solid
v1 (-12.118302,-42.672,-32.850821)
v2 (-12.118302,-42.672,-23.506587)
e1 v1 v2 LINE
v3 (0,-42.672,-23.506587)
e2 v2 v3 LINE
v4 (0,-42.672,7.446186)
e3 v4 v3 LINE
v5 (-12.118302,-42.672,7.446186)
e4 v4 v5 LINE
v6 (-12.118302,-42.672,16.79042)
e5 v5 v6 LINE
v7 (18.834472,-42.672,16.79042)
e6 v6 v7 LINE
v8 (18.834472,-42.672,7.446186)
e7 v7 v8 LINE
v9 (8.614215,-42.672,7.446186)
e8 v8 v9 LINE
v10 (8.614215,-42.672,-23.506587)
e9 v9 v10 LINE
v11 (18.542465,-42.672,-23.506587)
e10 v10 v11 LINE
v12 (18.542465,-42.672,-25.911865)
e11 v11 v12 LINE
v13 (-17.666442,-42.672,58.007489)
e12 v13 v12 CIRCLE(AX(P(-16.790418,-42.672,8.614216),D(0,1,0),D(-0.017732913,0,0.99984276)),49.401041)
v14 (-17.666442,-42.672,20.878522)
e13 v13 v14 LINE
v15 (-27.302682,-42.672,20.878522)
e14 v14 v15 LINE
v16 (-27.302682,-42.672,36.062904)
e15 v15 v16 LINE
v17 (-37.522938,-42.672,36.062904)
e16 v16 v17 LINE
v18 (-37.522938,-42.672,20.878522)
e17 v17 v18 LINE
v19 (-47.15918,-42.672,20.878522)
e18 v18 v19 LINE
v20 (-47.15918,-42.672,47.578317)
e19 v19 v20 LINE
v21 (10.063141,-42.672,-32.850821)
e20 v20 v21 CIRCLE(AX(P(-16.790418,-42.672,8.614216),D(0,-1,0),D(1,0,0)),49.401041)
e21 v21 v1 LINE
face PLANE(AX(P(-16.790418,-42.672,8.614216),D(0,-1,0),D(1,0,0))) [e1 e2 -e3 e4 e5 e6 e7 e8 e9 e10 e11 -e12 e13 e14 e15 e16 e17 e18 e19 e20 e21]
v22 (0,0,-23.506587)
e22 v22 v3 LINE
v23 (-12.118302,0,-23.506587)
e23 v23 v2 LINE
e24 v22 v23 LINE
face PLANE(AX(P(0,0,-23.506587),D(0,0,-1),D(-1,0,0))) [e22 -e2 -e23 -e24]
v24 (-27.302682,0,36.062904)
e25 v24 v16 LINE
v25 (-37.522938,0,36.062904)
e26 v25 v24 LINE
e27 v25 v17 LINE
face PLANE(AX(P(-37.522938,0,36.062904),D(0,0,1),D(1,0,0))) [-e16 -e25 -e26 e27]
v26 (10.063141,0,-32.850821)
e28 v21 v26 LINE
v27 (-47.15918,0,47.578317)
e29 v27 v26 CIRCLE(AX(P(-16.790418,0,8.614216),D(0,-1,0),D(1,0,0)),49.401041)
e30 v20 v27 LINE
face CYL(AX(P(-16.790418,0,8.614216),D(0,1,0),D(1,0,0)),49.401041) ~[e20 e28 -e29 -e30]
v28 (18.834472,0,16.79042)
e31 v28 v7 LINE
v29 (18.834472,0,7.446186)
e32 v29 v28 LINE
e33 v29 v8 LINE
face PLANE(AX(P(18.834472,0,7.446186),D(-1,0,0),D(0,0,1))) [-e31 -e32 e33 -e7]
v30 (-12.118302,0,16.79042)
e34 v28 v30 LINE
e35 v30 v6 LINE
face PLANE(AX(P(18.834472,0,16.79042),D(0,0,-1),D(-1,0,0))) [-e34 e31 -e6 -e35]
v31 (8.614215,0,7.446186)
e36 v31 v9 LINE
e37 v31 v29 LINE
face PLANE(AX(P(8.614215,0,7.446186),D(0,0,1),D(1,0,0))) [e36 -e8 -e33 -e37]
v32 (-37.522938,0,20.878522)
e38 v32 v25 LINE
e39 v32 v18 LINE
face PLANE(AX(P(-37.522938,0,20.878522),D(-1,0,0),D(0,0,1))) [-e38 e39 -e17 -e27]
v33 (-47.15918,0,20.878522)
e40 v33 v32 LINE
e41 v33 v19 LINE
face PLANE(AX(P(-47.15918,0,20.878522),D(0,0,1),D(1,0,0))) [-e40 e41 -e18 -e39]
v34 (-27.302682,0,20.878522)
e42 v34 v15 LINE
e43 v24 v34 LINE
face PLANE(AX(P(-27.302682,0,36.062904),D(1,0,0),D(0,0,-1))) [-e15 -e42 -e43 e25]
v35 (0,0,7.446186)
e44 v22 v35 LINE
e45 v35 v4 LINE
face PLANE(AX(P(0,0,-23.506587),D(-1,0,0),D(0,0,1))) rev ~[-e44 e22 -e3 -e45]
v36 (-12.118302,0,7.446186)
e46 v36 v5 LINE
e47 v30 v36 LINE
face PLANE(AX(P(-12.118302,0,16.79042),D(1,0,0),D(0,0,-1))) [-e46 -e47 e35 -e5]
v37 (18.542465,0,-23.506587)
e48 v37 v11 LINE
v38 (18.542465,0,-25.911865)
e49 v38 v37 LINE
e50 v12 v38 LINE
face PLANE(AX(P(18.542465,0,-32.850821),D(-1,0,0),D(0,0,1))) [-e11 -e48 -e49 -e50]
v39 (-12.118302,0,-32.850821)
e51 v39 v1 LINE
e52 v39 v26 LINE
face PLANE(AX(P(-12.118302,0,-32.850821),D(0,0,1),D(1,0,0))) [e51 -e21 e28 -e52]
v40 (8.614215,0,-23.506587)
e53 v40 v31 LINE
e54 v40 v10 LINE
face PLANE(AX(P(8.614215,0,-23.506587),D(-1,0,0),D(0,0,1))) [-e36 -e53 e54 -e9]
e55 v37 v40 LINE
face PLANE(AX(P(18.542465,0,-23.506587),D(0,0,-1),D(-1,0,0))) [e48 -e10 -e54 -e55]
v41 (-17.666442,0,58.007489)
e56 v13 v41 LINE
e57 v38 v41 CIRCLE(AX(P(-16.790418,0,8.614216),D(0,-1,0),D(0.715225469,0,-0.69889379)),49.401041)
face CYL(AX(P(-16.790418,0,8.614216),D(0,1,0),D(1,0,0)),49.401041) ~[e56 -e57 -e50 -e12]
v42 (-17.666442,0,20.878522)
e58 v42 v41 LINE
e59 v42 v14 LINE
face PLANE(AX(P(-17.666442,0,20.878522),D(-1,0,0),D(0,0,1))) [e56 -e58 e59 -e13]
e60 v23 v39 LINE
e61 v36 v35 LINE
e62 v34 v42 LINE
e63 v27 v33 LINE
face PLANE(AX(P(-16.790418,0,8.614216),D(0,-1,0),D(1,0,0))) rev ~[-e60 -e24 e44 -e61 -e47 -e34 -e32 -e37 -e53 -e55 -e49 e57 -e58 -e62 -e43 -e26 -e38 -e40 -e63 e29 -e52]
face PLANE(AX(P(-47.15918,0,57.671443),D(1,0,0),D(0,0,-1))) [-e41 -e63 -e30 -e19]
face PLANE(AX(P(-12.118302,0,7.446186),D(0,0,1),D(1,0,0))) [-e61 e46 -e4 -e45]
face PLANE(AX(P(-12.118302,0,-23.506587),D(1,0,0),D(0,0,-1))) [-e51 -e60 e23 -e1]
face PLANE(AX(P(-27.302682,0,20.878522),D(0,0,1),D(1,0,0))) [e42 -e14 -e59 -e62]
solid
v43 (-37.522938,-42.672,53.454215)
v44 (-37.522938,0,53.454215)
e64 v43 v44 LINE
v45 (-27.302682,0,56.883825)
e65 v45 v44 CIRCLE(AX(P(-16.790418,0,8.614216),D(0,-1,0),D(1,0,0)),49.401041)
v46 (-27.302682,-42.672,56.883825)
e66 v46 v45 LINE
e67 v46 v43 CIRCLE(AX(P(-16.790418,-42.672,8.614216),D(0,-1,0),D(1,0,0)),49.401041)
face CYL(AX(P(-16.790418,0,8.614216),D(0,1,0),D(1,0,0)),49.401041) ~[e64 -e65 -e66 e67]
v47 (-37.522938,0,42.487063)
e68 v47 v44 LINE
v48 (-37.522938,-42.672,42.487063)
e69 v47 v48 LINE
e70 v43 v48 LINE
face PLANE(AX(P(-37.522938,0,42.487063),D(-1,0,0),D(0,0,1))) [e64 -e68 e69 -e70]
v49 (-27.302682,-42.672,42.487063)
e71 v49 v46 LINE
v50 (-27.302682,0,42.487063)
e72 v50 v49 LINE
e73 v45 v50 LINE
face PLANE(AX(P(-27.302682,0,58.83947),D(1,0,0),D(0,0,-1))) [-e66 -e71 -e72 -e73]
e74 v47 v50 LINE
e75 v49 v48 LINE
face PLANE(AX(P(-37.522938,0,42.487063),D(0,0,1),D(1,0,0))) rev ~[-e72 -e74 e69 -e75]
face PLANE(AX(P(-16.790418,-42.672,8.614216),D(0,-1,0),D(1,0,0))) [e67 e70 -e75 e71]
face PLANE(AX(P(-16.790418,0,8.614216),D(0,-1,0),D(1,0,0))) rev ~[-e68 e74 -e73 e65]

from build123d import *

# Parameters (mm, degrees)
F0_R     = 49.4010411081
F1_DEPTH = 42.672
F2_W     = 8.6142150685
F2_H     = 30.9527735226
F2_W_2   = 10.2202557027
F2_H_2   = 6.4241588116
F3_DEPTH = 57.404


with BuildPart() as f1:
    # F0 (on Front) → F1 (new body)
    with BuildSketch(Plane.XZ):
        with Locations((-16.7904179543, 8.6142159998)):
            Circle(F0_R)
    extrude(amount=F1_DEPTH)

    # F2 (on Front) → F3 (cut)
    with BuildSketch(Plane.XZ):
        with Locations((4.3071075343, -8.0302006099)):
            Rectangle(F2_W, F2_H)
        with Locations((-32.4128102511, 39.274983108)):
            Rectangle(F2_W_2, F2_H_2)
        Polygon((-12.1183022857, 7.4461861514), (0, 7.4461861514), (8.6142150685, 7.4461861514), (18.8344717026, 7.4461861514), (18.8344717026, 16.790419817), (-12.1183022857, 16.790419817), align=None)
        Polygon((0, -23.5065873712), (-12.1183022857, -23.5065873712), (-12.1183022857, -32.8508205712), (18.5424648225, -32.8508205712), (18.5424648225, -23.5065873712), (8.6142150685, -23.5065873712), align=None)
        Polygon((-27.3026823997, 58.8394701481), (-27.3026823997, 42.4870625138), (-27.3026823997, 36.0629037023), (-27.3026823997, 20.8785217255), (-17.6664423198, 20.8785217255), (-17.6664423198, 58.8394701481), align=None)
        Polygon((-37.5229381025, 57.6714426279), (-47.1591800451, 57.6714426279), (-47.1591800451, 20.8785217255), (-37.5229381025, 20.8785217255), (-37.5229381025, 36.0629037023), (-37.5229381025, 42.4870625138), align=None)
    extrude(amount=F3_DEPTH, mode=Mode.SUBTRACT)


solid = f1.part
